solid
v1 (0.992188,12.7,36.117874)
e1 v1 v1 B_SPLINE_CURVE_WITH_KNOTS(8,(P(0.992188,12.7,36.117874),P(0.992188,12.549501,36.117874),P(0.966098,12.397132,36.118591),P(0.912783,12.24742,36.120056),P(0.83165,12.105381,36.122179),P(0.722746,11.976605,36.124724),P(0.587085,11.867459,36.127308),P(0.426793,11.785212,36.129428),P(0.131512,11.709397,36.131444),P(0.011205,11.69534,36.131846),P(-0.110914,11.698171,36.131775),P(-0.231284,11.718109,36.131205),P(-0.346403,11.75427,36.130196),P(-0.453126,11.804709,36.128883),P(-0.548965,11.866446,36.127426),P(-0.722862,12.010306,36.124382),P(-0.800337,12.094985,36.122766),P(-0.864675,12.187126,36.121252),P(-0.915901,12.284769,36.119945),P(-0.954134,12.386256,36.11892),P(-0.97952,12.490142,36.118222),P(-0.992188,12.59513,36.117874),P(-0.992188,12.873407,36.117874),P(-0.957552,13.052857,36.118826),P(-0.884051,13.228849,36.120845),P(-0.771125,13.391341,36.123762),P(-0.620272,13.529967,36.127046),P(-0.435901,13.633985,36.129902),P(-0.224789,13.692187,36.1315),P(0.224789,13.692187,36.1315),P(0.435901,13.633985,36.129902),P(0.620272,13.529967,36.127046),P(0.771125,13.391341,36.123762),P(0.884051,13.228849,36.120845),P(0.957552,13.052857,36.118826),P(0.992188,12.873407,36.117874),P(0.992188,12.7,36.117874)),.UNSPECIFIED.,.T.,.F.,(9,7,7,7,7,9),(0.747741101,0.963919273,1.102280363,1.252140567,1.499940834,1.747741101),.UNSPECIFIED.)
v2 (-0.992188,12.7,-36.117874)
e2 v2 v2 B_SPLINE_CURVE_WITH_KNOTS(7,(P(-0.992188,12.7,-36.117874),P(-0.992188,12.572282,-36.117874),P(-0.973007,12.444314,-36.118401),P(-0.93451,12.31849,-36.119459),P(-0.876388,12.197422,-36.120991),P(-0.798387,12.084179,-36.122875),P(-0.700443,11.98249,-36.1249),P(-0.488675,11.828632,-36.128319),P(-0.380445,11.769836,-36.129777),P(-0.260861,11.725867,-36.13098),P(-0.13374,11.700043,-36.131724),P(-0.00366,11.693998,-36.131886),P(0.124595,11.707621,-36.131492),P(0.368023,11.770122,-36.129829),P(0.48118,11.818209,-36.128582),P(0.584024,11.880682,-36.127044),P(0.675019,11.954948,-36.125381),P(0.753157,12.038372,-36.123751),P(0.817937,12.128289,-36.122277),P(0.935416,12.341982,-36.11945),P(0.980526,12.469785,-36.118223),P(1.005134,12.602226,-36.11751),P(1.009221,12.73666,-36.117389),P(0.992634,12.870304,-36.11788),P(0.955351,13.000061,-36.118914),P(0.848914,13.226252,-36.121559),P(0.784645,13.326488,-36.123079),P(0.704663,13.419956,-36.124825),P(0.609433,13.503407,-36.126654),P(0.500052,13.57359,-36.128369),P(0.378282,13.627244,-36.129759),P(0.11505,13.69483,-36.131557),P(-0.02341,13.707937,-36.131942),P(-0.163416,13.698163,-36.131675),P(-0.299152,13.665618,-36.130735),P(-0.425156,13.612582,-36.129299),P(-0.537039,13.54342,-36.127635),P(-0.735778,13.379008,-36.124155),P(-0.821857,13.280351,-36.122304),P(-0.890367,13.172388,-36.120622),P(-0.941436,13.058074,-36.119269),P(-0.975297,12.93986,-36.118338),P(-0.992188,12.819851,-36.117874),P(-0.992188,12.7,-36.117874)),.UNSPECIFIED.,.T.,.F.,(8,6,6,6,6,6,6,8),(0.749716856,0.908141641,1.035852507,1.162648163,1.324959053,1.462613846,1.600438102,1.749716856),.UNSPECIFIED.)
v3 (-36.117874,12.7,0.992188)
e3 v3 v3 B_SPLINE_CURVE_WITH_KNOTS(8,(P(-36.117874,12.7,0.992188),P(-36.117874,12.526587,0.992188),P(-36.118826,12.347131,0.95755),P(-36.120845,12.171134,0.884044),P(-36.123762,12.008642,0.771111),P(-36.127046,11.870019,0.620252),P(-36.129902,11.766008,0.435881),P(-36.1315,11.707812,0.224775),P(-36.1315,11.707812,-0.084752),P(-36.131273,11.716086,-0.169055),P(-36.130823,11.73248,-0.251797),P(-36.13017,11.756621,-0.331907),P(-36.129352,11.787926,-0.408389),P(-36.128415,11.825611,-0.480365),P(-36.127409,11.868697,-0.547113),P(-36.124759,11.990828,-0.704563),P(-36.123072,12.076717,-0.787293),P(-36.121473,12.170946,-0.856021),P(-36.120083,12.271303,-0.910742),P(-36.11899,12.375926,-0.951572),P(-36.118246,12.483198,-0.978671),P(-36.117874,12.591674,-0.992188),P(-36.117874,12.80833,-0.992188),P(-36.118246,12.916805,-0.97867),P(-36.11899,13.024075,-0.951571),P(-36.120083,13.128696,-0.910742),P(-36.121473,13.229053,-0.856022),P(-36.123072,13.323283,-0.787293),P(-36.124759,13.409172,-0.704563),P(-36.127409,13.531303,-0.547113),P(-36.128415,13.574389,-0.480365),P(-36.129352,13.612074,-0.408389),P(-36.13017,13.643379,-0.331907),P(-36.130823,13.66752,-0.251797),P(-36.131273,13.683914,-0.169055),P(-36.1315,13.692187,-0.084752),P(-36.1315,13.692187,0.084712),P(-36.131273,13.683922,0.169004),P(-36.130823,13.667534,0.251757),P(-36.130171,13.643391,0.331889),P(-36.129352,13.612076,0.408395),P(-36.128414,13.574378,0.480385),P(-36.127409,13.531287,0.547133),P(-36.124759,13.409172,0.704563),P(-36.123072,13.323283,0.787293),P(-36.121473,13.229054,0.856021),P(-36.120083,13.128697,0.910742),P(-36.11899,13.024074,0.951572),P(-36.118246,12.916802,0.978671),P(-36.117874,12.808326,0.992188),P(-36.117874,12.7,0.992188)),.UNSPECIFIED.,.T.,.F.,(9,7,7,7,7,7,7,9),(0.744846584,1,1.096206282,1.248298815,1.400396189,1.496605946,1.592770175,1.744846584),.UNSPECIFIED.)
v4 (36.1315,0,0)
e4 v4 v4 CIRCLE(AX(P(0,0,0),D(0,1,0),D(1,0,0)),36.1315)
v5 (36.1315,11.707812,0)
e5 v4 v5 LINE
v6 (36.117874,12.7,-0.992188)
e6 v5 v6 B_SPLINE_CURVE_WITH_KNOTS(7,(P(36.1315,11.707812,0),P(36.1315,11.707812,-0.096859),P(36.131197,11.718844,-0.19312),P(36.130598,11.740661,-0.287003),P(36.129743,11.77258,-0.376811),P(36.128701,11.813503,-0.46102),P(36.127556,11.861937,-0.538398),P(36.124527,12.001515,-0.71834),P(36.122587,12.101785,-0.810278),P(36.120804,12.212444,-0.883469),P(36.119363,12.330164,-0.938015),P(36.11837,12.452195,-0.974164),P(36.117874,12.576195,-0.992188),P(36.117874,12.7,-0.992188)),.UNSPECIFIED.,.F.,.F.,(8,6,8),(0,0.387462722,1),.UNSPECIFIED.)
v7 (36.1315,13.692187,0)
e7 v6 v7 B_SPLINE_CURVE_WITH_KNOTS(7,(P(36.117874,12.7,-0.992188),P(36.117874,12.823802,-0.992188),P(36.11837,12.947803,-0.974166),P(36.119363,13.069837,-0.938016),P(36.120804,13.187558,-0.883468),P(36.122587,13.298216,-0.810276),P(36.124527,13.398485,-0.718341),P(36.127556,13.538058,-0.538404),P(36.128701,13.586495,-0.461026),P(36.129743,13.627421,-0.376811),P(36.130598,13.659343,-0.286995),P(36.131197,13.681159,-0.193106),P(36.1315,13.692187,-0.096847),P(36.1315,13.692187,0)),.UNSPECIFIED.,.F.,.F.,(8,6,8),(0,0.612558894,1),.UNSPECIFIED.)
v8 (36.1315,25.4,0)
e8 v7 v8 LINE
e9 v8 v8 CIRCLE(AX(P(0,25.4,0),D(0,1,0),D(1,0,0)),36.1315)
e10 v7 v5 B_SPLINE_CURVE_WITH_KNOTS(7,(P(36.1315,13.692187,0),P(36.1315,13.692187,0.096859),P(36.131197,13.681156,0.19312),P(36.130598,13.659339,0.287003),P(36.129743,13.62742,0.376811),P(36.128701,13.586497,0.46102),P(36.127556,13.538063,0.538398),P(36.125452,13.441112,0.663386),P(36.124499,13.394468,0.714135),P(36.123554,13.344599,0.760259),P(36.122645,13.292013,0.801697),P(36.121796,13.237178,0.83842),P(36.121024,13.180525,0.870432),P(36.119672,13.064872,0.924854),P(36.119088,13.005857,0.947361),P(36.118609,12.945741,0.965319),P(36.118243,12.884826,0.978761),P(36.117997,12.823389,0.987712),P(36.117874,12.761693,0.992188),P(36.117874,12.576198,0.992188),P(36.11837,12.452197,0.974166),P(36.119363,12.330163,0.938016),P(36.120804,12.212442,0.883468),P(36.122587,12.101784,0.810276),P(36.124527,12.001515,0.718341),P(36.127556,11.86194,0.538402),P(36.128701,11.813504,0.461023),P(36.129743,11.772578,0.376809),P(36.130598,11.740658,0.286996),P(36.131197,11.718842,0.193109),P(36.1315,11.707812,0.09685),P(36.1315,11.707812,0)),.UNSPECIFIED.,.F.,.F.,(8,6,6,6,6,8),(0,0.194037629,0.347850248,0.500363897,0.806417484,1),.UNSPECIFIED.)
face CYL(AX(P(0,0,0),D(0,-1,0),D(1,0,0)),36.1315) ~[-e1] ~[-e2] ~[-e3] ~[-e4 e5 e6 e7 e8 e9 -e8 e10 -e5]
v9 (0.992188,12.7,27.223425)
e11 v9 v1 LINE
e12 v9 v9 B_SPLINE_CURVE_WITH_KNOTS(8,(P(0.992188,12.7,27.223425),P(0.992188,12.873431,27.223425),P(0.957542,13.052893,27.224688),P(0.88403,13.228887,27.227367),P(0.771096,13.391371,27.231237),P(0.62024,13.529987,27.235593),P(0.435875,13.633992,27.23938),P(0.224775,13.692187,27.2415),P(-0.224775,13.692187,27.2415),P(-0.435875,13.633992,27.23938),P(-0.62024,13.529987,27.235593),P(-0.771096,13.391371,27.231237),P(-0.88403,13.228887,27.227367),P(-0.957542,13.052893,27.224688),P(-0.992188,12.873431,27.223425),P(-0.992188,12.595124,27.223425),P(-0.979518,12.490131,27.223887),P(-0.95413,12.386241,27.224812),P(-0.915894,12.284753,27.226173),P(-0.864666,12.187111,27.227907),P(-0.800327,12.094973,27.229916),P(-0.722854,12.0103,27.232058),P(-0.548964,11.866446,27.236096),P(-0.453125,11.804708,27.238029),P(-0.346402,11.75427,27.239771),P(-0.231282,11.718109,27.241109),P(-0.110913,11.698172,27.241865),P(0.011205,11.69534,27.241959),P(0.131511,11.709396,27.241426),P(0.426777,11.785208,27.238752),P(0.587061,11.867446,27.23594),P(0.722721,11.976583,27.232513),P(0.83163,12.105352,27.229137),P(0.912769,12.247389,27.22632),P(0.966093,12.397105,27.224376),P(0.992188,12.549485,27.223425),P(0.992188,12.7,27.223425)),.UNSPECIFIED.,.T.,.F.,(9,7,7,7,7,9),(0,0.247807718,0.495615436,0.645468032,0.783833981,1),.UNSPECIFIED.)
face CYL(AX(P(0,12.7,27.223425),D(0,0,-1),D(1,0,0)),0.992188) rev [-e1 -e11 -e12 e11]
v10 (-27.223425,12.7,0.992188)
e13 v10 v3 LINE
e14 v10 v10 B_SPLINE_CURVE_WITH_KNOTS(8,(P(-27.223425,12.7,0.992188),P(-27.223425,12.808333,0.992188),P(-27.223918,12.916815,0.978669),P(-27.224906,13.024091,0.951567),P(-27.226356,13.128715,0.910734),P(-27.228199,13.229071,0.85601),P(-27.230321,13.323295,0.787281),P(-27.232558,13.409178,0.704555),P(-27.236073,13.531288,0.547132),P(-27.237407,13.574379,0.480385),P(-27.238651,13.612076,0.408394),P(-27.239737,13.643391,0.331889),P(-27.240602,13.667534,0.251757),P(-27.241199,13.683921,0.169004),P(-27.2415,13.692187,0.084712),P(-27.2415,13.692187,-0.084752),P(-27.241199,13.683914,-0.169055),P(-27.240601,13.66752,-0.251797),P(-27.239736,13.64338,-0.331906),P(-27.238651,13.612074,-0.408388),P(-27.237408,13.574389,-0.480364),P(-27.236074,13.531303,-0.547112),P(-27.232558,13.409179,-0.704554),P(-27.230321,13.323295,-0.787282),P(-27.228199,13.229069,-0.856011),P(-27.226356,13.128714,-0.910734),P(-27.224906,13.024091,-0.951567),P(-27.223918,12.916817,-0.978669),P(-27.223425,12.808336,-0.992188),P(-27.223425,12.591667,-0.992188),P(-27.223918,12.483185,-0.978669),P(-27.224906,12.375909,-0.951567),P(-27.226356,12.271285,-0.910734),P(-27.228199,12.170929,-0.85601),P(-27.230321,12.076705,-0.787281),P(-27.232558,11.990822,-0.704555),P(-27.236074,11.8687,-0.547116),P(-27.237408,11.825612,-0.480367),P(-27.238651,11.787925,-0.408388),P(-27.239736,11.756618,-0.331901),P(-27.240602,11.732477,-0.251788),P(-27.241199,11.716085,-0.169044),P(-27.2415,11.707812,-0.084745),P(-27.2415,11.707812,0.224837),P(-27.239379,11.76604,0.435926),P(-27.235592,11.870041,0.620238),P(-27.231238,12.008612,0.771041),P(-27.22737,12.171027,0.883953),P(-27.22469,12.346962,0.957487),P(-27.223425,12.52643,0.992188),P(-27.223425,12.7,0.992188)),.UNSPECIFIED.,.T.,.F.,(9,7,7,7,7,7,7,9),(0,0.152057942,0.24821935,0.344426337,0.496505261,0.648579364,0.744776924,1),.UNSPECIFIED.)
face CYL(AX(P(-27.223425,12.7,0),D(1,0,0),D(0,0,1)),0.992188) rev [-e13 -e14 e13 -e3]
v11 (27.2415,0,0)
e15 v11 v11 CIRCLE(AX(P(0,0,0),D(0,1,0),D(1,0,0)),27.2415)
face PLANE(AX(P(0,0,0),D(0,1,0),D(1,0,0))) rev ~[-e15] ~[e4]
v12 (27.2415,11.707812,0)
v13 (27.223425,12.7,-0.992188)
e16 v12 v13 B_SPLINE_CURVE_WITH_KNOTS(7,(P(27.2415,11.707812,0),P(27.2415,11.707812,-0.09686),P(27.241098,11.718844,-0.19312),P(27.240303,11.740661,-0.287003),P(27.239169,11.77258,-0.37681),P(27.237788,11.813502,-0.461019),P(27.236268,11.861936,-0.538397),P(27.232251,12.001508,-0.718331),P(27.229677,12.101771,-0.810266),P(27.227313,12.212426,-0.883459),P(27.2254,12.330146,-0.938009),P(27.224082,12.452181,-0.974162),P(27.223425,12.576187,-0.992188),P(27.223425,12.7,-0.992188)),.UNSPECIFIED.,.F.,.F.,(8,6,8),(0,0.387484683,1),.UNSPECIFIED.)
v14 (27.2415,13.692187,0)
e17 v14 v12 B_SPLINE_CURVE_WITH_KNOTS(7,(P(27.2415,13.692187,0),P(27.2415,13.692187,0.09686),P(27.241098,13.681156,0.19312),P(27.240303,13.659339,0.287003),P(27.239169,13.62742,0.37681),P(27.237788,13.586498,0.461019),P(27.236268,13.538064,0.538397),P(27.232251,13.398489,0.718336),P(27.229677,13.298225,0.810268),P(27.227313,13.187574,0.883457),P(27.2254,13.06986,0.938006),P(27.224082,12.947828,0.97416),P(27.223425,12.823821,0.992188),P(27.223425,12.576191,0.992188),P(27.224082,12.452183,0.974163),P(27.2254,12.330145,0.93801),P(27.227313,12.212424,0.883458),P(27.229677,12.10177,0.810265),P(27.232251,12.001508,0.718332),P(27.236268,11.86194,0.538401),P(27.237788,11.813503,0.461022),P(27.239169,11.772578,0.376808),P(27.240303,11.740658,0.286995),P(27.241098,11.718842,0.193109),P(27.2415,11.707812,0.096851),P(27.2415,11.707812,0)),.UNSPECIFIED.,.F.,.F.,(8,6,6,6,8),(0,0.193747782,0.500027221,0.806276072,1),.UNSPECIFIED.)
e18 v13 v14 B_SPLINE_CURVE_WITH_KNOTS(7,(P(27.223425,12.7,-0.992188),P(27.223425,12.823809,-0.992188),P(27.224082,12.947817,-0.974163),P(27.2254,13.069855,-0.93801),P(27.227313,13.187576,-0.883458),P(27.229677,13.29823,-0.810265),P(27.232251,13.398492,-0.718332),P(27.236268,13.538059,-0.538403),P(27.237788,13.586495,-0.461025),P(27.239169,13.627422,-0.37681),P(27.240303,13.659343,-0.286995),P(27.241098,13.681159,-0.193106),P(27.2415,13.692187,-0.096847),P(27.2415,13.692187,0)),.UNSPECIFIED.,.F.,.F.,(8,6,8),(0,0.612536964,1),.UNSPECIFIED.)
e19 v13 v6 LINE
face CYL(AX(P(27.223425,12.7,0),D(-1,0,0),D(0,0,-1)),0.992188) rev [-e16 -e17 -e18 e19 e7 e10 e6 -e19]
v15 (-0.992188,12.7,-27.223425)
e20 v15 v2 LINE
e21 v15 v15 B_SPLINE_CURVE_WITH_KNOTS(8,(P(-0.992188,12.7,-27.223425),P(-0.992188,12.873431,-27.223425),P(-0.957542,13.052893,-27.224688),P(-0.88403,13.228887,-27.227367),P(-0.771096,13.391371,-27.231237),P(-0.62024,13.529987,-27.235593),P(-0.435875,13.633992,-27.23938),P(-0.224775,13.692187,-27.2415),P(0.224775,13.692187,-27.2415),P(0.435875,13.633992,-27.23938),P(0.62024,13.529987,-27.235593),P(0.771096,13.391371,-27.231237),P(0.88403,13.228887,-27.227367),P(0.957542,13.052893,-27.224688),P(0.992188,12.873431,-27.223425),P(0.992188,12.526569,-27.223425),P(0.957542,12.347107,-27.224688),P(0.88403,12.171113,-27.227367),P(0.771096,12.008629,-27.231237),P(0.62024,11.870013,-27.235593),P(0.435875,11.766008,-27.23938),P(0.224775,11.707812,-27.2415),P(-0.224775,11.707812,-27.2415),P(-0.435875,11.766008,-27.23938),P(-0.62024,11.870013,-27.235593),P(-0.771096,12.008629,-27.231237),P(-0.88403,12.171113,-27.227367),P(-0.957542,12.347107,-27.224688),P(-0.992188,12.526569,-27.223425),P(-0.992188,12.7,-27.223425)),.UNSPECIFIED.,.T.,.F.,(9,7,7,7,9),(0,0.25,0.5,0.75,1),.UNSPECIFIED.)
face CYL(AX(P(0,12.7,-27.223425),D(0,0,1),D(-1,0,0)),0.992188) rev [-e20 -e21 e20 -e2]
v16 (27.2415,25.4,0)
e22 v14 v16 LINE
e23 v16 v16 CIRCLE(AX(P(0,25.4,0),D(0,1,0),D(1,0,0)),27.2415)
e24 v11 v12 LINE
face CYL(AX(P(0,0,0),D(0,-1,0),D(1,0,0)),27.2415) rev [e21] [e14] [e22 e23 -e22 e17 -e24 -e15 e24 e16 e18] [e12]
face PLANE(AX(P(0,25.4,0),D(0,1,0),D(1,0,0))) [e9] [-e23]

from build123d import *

# Parameters (mm, degrees)
SKETCH1_R           = 36.1315
SKETCH1_R_2         = 27.2415
BOSS_EXTRUDE1_DEPTH = 25.4
CUT_EXTRUDE1_START  = -8.908075
SKETCH2_R           = 0.9921875
CUT_EXTRUDE1_DEPTH  = 8.908075
CIRPATTERN1_COUNT   = 4


with BuildPart() as part:
    # Sketch1 → Boss-Extrude1 (new body)
    with BuildSketch(Plane(origin=(0, 0, 0), x_dir=(1, 0, 0), z_dir=(0, 1, 0))):
        Circle(SKETCH1_R)
        Circle(SKETCH1_R_2, mode=Mode.SUBTRACT)
    extrude(amount=BOSS_EXTRUDE1_DEPTH)

    # Sketch2 → Cut-Extrude1 (cut)
    with BuildSketch(Plane.XY.offset(36.1315).offset(CUT_EXTRUDE1_START)):
        with Locations((0, 12.7)):
            Circle(SKETCH2_R)
    cut_extrude1 = extrude(amount=CUT_EXTRUDE1_DEPTH, mode=Mode.SUBTRACT)

    # CirPattern1: Cut-Extrude1 ×4 about axis
    cirpattern1_axis = Axis((0, 25.4, 0), (0, -1, 0))
    for i in range(1, CIRPATTERN1_COUNT):
        add(cut_extrude1.rotate(cirpattern1_axis, i * 360 / CIRPATTERN1_COUNT), mode=Mode.SUBTRACT)


solid = part.part
